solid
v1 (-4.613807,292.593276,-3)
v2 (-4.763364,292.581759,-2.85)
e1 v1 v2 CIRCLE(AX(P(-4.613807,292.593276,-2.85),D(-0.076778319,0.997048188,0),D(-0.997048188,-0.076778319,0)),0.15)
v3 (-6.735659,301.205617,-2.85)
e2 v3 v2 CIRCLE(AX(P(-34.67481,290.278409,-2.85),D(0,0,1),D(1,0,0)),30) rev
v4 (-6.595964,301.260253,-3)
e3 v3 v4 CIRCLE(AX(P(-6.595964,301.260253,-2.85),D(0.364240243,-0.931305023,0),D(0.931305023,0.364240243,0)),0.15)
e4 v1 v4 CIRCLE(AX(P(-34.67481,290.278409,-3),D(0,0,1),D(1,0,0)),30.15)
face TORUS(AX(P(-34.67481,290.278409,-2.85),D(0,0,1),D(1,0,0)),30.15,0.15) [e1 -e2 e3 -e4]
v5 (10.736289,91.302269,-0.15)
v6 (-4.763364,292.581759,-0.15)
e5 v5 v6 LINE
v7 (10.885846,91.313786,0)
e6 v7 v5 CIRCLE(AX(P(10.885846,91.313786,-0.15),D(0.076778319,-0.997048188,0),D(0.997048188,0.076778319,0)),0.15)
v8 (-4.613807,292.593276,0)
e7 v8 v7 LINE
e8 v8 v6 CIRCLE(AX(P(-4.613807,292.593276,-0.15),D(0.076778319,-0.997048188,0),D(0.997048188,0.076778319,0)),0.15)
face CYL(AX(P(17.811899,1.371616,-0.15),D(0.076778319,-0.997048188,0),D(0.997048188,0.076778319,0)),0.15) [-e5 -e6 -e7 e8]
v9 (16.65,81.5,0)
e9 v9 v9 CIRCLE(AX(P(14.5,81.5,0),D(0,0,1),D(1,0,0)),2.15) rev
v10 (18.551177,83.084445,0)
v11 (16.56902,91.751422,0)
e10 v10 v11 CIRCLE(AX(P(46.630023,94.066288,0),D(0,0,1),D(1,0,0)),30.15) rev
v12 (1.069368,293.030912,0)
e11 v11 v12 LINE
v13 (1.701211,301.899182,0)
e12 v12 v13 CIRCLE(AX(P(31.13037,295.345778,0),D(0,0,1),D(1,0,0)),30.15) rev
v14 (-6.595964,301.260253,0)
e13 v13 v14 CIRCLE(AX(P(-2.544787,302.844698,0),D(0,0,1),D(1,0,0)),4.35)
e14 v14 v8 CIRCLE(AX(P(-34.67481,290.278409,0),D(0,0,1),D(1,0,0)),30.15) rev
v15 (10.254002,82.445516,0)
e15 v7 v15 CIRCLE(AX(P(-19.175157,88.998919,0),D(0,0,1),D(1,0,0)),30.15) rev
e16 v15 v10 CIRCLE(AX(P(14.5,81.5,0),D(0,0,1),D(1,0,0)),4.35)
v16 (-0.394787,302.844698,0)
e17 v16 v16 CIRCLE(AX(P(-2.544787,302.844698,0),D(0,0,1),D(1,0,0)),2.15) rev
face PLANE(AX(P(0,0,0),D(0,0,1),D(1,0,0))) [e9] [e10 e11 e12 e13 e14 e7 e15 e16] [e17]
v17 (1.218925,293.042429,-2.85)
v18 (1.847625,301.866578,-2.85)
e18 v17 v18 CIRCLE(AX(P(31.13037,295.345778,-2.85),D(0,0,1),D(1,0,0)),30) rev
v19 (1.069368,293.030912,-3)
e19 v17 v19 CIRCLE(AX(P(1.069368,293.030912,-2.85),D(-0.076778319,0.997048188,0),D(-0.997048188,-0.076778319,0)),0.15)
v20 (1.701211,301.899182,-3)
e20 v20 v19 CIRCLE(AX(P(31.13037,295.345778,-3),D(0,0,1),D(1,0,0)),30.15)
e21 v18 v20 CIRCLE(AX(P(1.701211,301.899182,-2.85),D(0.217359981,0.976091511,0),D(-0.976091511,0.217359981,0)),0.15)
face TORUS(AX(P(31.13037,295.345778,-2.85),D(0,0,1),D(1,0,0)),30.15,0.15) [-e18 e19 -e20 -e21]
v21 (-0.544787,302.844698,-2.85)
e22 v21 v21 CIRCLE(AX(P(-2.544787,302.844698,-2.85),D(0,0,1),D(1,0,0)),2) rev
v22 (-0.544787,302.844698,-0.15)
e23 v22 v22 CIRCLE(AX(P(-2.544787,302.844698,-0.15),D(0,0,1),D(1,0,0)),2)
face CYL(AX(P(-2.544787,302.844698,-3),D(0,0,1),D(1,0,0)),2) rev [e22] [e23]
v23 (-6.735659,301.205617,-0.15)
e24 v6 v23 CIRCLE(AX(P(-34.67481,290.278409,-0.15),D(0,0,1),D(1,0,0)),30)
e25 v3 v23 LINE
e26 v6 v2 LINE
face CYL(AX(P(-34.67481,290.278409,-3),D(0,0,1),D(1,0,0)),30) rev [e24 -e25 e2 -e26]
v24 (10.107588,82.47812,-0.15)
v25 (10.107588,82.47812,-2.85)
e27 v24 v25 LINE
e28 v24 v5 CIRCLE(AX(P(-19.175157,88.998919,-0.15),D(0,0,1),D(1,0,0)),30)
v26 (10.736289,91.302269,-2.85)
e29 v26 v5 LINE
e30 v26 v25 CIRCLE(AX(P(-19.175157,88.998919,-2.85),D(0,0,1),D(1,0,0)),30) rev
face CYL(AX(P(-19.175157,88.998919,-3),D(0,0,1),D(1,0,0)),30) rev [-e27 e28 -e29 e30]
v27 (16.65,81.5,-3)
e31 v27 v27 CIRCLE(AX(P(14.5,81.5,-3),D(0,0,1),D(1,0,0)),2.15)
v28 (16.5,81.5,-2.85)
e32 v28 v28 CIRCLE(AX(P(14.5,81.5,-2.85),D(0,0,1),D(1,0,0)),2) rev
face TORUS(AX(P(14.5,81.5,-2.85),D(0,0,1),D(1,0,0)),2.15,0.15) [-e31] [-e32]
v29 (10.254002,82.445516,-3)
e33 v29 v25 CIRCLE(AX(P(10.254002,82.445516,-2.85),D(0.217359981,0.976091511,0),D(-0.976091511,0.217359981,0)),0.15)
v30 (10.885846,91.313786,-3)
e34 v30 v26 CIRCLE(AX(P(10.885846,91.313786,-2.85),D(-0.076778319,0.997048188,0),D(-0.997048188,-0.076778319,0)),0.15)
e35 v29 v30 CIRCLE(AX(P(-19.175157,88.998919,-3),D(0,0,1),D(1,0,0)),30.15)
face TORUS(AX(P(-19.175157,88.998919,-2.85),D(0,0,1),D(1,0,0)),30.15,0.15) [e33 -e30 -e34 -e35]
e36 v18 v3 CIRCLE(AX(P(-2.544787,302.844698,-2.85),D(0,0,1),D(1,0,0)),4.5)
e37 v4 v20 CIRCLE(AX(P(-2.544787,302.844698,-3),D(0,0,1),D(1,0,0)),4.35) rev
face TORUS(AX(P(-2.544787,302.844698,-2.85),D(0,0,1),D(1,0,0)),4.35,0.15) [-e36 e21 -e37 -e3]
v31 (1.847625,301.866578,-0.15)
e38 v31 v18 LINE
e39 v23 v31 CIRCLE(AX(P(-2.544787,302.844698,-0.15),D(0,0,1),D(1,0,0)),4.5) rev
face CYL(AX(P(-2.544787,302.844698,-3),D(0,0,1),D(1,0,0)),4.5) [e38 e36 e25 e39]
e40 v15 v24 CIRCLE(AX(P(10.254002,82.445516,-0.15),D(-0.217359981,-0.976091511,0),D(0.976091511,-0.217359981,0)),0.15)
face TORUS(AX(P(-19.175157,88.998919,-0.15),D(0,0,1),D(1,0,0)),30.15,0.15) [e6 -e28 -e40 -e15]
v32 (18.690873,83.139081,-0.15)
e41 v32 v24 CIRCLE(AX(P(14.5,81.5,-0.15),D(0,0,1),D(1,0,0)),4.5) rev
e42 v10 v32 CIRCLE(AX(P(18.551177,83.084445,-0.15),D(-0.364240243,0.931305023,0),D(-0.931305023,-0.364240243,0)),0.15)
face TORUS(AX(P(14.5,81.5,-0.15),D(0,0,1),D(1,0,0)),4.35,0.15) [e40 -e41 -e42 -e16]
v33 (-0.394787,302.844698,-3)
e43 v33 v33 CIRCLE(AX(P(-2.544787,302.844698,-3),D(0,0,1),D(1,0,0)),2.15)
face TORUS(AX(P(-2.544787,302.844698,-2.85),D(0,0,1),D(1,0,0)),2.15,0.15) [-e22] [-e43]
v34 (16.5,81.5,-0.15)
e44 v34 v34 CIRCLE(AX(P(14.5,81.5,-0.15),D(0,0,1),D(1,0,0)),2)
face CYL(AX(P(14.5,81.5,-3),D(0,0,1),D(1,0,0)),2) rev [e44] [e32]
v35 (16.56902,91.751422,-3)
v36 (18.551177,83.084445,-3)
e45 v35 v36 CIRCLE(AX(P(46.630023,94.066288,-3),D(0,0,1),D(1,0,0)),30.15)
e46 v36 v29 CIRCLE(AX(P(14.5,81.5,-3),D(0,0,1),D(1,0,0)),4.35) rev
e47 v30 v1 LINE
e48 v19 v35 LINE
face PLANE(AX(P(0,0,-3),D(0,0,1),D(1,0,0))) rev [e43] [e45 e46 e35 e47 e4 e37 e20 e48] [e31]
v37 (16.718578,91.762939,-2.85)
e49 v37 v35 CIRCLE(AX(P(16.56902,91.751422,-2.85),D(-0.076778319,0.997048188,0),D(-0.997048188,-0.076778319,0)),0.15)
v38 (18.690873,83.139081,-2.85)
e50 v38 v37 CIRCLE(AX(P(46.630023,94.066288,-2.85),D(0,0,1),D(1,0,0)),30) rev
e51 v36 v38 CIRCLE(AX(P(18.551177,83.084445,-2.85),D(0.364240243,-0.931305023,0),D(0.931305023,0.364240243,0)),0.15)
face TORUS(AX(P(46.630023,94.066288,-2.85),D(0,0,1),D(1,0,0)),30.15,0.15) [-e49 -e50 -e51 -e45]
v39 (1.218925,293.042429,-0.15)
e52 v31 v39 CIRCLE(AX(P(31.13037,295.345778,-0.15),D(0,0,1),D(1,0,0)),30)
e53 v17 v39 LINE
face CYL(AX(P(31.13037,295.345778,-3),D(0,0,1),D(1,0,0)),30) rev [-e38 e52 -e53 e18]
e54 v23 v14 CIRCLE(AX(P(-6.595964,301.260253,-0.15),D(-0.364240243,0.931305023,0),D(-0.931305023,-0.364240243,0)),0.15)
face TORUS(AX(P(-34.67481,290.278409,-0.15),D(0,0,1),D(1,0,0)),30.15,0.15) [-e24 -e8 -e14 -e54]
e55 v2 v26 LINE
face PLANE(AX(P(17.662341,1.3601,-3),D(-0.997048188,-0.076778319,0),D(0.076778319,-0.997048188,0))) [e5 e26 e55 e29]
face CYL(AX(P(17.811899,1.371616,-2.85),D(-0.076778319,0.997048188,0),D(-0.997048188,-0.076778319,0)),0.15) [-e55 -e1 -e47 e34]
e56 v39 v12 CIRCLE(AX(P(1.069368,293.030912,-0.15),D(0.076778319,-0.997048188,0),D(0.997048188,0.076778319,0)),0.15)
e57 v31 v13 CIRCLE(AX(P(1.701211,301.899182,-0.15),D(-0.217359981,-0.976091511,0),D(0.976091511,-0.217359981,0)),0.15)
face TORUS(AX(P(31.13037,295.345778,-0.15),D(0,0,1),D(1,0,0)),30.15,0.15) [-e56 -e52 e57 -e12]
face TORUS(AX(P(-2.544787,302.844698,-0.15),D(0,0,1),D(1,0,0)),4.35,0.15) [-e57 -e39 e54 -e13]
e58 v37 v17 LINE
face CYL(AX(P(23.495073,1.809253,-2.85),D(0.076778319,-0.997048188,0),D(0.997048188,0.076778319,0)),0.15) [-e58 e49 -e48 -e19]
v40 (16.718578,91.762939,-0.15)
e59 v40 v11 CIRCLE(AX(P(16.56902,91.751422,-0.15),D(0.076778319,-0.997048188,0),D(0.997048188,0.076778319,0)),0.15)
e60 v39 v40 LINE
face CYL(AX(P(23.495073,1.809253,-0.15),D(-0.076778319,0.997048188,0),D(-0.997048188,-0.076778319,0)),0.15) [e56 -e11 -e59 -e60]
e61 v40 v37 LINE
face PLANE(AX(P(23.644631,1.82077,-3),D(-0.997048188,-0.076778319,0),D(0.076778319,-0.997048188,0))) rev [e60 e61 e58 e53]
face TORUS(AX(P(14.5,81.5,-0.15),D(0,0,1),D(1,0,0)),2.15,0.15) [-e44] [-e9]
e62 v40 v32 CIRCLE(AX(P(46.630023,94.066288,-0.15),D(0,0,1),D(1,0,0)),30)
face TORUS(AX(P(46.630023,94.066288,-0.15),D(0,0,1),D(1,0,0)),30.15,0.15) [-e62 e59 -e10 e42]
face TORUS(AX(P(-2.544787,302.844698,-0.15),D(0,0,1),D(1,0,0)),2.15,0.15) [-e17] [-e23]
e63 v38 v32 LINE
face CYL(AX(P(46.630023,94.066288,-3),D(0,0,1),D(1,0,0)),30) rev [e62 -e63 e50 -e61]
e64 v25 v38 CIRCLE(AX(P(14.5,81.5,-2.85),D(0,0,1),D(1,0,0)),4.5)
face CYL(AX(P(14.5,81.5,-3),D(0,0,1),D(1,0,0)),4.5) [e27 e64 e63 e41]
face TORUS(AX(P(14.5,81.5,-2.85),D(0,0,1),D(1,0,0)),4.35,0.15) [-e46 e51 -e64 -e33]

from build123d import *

# Parameters (mm, degrees)
SKETCH1_R           = 2
BOSS_EXTRUDE1_DEPTH = 3
FILLET1_R           = 30
FILLET2_R           = 0.15


with BuildPart() as part:
    # Sketch1 → Boss-Extrude1 (new body)
    with BuildSketch(Plane.XY):
        with BuildLine():
            ThreePointArc((11.251333126, 84.613866333), (14.845502434, 77.013283153), (17.233622255, 85.074536245))
            Line((17.233622255, 85.074536245), (17.491144565, 81.730334956))
            ThreePointArc((17.491144565, 81.730334956), (14.730334956, 78.508855435), (11.508855435, 81.269665044))
            Line((11.508855435, 81.269665044), (11.251333126, 84.613866333))
        make_face()
        with BuildLine():
            Line((0.446357827, 303.075032758), (17.491144565, 81.730334956))
            ThreePointArc((17.491144565, 81.730334956), (14.269665044, 84.491144565), (11.508855435, 81.269665044))
            Line((11.508855435, 81.269665044), (-5.535931303, 302.614362846))
            ThreePointArc((-5.535931303, 302.614362846), (-2.314451782, 299.853553237), (0.446357827, 303.075032758))
        make_face()
        with BuildLine():
            ThreePointArc((-5.535931303, 302.614362846), (-2.775121694, 305.835842367), (0.446357827, 303.075032758))
            Line((0.446357827, 303.075032758), (0.703880137, 299.730831469))
            ThreePointArc((0.703880137, 299.730831469), (-2.890289172, 307.331414649), (-5.278408993, 299.270161557))
            Line((-5.278408993, 299.270161557), (-5.535931303, 302.614362846))
        make_face()
        with BuildLine():
            ThreePointArc((0.446357827, 303.075032758), (-2.314451782, 299.853553237), (-5.535931303, 302.614362846))
            ThreePointArc((-5.535931303, 302.614362846), (-2.775121694, 305.835842367), (0.446357827, 303.075032758))
        make_face()
        with Locations((-2.544786738, 302.844697802)):
            Circle(SKETCH1_R, mode=Mode.SUBTRACT)
        with BuildLine():
            ThreePointArc((11.508855435, 81.269665044), (14.730334956, 78.508855435), (17.491144565, 81.730334956))
            ThreePointArc((17.491144565, 81.730334956), (14.269665044, 84.491144565), (11.508855435, 81.269665044))
        make_face()
        with Locations((14.5, 81.5)):
            Circle(SKETCH1_R, mode=Mode.SUBTRACT)
    extrude(amount=-BOSS_EXTRUDE1_DEPTH)

    # Fillet1
    fillet1_edges = [part.edges().sort_by_distance(p)[0] for p in [
        (17.233622255, 85.074536245, -1.5),
        (11.251333126, 84.613866333, -1.5),
        (-5.278408993, 299.270161557, -1.5),
        (0.703880137, 299.730831469, -1.5),
    ]]
    fillet(fillet1_edges, radius=FILLET1_R)

    # Fillet2
    fillet2_edges = [part.edges().sort_by_distance(p)[0] for p in [
        (2.986462066, 191.942013945, 0),
        (2.986462066, 191.942013945, -3),
        (14.845502434, 77.013283153, 0),
        (14.845502434, 77.013283153, -3),
        (8.968751196, 192.402683857, 0),
        (12.5, 81.5, -3),
        (8.968751196, 192.402683857, -3),
        (-2.890289172, 307.331414649, 0),
        (-2.890289172, 307.331414649, -3),
        (10.74898801, 86.866892878, 0),
        (10.74898801, 86.866892878, -3),
        (-4.544786738, 302.844697802, -3),
        (17.385098862, 87.37791074, 0),
        (17.385098862, 87.37791074, -3),
        (-5.4298856, 296.966787062, 0),
        (-5.4298856, 296.966787062, -3),
        (1.206225252, 297.477804924, 0),
        (1.206225252, 297.477804924, -3),
        (-4.544786738, 302.844697802, 0),
        (12.5, 81.5, 0),
    ]]
    fillet(fillet2_edges, radius=FILLET2_R)


solid = part.part
